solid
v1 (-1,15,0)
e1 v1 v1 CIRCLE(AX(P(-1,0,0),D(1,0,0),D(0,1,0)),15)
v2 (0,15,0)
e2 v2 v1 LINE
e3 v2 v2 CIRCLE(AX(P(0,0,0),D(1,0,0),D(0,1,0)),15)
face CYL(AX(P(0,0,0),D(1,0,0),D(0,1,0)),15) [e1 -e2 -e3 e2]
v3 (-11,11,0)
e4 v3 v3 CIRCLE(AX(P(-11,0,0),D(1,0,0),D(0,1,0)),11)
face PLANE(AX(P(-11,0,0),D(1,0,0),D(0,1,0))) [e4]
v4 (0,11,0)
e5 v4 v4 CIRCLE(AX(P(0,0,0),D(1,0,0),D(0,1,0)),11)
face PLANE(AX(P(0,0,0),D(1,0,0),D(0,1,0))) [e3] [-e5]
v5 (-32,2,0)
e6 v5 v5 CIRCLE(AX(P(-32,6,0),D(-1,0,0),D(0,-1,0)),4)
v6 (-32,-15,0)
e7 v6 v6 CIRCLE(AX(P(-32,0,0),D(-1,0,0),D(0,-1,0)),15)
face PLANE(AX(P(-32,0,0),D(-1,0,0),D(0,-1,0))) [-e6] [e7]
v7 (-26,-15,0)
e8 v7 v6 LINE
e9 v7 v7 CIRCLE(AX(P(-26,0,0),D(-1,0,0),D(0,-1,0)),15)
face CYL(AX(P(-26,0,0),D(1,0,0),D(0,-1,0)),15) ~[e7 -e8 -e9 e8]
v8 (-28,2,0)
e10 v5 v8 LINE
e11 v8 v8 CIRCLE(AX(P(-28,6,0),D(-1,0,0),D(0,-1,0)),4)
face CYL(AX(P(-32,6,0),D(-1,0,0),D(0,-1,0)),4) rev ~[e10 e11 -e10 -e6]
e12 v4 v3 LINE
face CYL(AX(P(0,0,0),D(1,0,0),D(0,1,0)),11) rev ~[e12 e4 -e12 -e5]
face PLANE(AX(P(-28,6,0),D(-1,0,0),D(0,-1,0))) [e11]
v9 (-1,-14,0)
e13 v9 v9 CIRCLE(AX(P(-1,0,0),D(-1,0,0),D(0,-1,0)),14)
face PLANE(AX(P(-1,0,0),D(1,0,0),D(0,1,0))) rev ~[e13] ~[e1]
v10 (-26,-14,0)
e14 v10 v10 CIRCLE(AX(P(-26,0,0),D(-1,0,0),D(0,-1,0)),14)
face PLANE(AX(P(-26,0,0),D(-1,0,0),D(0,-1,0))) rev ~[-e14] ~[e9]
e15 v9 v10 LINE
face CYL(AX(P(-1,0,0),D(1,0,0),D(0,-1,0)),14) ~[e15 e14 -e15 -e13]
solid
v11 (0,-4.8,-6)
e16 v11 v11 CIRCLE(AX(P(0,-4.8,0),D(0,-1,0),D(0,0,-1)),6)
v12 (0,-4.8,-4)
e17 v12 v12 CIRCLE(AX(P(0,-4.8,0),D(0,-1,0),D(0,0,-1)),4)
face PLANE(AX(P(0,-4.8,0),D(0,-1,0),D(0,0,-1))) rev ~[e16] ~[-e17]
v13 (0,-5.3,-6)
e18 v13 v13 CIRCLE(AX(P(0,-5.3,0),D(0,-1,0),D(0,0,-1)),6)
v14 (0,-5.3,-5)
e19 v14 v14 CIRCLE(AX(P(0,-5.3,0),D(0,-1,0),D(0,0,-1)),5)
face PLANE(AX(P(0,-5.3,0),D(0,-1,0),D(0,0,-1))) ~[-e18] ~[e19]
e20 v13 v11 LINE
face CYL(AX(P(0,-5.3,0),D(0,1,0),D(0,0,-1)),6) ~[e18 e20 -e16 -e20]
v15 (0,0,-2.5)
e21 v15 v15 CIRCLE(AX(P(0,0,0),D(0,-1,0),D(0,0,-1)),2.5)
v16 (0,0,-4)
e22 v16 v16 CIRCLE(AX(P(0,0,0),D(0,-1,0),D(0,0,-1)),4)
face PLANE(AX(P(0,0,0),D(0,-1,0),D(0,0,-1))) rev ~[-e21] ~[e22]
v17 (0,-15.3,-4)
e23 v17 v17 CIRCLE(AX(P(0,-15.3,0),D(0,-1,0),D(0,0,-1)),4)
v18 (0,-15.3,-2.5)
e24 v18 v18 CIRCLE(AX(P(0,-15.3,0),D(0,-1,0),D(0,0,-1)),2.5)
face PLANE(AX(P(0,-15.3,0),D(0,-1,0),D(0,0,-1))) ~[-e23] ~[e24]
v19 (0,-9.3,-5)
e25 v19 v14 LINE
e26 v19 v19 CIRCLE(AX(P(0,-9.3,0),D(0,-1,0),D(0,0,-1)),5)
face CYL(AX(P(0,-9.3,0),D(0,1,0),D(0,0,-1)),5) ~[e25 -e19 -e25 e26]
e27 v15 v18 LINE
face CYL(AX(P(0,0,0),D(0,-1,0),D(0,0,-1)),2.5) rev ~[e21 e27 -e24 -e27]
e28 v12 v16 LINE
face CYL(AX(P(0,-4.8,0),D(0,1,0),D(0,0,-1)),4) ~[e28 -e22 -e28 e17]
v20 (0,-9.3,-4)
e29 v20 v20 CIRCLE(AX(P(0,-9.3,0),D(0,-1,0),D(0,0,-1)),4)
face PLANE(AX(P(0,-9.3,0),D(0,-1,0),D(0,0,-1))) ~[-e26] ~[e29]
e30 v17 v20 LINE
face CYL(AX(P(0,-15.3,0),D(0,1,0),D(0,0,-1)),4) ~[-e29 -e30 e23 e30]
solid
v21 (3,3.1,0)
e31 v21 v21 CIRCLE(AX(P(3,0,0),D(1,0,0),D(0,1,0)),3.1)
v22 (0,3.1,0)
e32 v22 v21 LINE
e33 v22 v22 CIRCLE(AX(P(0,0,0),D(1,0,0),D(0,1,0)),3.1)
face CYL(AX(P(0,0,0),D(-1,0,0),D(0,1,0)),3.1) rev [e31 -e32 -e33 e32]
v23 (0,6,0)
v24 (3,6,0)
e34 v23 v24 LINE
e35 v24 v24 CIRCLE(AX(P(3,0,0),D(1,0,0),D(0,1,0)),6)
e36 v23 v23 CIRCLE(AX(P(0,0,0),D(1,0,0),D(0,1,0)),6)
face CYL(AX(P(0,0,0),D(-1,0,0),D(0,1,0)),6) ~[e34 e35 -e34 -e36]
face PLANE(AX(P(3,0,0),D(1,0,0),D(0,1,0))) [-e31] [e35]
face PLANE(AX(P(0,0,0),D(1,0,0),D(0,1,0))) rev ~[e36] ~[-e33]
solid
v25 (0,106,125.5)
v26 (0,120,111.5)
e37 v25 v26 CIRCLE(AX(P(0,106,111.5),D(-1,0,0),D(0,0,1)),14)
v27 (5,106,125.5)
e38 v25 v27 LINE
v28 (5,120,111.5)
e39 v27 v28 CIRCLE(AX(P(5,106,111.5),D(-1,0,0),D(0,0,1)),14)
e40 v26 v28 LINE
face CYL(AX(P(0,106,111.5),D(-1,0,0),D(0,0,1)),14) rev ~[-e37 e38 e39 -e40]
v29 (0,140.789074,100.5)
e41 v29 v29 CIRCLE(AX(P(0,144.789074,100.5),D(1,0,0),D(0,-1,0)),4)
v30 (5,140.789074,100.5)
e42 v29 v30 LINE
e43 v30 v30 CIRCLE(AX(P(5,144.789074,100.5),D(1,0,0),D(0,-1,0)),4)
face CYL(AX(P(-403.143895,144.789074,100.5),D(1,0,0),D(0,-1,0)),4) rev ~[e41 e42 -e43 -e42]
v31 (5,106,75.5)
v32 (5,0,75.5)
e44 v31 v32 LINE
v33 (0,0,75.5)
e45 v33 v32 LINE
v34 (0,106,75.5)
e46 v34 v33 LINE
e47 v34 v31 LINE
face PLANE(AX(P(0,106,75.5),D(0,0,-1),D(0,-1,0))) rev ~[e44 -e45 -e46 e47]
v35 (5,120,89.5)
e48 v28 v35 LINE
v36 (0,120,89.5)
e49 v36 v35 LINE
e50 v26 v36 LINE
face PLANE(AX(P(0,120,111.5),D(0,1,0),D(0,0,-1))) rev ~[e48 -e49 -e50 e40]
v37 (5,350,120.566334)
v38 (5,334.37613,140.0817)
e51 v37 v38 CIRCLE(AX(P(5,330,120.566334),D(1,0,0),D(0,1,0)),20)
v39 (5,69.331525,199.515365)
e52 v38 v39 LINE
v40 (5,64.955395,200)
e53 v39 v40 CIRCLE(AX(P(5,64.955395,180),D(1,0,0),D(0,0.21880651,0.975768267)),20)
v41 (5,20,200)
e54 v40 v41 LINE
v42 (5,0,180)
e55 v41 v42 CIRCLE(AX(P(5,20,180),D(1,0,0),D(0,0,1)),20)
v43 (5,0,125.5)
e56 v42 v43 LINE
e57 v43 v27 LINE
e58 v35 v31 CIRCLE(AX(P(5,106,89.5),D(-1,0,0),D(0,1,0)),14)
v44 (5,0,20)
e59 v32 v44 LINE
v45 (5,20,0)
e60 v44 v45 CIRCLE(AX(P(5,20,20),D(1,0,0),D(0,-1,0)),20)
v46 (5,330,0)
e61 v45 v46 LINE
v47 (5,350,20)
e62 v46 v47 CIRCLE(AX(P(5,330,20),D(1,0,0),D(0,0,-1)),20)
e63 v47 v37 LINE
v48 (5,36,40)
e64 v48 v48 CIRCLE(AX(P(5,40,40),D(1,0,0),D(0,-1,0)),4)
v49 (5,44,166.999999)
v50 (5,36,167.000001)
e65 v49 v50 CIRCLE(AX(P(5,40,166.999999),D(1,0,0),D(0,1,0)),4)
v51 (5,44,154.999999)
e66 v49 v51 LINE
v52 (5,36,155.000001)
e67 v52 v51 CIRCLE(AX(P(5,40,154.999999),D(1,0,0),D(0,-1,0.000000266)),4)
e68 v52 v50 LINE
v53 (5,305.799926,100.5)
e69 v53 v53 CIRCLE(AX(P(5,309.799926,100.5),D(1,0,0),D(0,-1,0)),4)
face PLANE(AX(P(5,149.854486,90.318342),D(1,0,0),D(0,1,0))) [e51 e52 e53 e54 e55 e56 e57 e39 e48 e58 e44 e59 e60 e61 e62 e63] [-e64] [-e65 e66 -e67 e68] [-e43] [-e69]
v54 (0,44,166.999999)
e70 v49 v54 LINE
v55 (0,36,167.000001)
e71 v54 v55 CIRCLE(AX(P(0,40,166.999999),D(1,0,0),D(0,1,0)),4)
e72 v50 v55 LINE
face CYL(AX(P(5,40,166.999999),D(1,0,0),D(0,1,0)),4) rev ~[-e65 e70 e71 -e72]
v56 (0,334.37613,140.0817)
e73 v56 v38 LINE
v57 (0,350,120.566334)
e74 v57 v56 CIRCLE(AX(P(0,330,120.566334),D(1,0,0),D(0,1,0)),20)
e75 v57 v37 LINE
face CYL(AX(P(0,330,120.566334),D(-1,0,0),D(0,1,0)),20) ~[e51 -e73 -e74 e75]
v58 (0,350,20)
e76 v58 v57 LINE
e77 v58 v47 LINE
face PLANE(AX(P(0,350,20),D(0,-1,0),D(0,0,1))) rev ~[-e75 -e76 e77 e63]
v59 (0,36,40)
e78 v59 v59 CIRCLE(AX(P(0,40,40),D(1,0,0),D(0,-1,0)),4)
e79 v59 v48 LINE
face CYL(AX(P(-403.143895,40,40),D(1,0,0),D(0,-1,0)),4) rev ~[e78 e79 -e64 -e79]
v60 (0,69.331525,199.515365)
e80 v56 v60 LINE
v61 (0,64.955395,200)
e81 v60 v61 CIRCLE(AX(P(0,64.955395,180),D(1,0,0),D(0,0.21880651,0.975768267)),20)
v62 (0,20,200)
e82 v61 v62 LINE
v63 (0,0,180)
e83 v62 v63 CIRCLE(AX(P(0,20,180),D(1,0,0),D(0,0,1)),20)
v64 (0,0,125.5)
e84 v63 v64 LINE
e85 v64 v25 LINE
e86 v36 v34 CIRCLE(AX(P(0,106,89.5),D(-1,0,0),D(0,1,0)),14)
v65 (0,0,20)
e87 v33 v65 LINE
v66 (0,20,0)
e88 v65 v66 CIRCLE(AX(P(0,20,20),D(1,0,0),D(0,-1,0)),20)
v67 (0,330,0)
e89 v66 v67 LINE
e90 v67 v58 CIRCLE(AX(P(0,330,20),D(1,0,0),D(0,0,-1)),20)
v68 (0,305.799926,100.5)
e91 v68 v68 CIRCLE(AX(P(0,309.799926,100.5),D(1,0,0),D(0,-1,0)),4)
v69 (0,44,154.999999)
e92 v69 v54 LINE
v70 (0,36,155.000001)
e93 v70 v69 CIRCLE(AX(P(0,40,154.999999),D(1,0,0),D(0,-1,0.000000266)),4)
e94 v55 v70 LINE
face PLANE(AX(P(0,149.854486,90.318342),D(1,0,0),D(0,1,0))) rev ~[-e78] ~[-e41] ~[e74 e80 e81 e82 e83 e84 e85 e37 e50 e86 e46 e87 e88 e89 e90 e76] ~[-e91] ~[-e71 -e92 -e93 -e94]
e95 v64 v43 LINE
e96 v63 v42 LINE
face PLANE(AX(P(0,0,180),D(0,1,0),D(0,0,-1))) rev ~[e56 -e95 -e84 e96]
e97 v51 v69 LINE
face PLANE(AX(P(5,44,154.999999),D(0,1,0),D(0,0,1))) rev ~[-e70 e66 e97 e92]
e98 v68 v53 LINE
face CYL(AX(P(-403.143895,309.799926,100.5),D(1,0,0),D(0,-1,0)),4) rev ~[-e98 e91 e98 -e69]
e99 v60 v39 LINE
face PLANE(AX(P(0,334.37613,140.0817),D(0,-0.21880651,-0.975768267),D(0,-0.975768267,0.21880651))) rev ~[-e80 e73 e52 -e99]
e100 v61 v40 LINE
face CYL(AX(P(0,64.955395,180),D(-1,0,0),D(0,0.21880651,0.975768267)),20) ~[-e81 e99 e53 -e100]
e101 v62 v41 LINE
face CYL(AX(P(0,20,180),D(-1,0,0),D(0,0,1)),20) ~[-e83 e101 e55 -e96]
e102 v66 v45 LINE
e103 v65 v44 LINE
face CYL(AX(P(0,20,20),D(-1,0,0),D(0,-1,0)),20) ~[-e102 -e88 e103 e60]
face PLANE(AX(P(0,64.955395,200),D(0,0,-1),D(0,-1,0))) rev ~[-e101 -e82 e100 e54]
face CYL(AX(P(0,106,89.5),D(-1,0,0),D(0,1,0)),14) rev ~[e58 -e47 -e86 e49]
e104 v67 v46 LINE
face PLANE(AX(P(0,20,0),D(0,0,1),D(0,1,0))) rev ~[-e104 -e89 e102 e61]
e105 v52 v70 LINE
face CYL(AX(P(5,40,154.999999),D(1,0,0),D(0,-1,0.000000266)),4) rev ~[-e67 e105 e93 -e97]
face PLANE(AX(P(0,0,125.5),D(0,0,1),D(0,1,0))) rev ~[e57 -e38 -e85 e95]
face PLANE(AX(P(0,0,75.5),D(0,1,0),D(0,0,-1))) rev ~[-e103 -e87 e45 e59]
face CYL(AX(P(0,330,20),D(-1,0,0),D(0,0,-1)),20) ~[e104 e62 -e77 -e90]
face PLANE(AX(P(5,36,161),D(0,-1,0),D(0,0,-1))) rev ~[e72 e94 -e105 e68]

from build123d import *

# Parameters (mm, degrees)
F1_DEPTH  = 5
F2_D      = 8
F4_DEPTH  = 5.001
F5_R      = 15
F6_DEPTH  = 1
F7_R      = 14
F8_DEPTH  = 25
F9_R      = 15
F9_R_2    = 14
F10_DEPTH = 6
F11_R     = 11
F12_DEPTH = 11
F13_R     = 4
F14_DEPTH = 4
F17_R     = 6
F17_R_2   = 3.1
F18_DEPTH = 3


with BuildPart() as f1:
    # F0 (on Right) → F1 (new body)
    with BuildSketch(Plane.YZ):
        with BuildLine():
            ThreePointArc((0, 20), (5.8578643763, 5.8578643763), (20, 0))
            Line((20, 0), (330, 0))
            ThreePointArc((330, 0), (344.1421356237, 5.8578643763), (350, 20))
            Line((350, 20), (350, 120.5663343317))
            ThreePointArc((350, 120.5663343317), (345.6128569451, 133.065882244), (334.3761301989, 140.081699675))
            Line((334.3761301989, 140.081699675), (69.3315253799, 199.5153653433))
            ThreePointArc((69.3315253799, 199.5153653433), (67.1568371101, 199.8784721101), (64.955395181, 200))
            Line((64.955395181, 200), (20, 200))
            ThreePointArc((20, 200), (5.8578643763, 194.1421356237), (0, 180))
            Line((0, 180), (0, 125.5))
            Line((0, 125.5), (106, 125.5))
            ThreePointArc((106, 125.5), (115.8994949366, 121.3994949366), (120, 111.5))
            Line((120, 111.5), (120, 89.5))
            ThreePointArc((120, 89.5), (115.8994949366, 79.6005050634), (106, 75.5))
            Line((106, 75.5), (0, 75.5))
            Line((0, 75.5), (0, 20))
        make_face()
    extrude(amount=F1_DEPTH)

    # F2 (through all)
    with Locations(Plane(origin=(0, 0, 0), x_dir=(0, 1, 0), z_dir=(-1, 0, 0))):
        with Locations((144.7890738579, -100.5), (309.799925871, -100.5), (40, -161), (40, -40)):
            Hole(F2_D / 2)

    # F3 (on face) → F4 (cut, through all)
    with BuildSketch(Plane.YZ.offset(5)):
        with BuildLine():
            ThreePointArc((36, 161), (40, 165), (44, 161))
            Line((44, 161), (44, 166.999999468))
            ThreePointArc((44, 166.999999468), (40.000000532, 170.999999468), (36, 167.000000532))
            Line((36, 167.000000532), (36, 161))
        make_face()
        with BuildLine():
            ThreePointArc((36, 155.000000532), (39.999999468, 150.999999468), (44, 154.999999468))
            Line((44, 154.999999468), (44, 161))
            ThreePointArc((44, 161), (40, 157), (36, 161))
            Line((36, 161), (36, 155.000000532))
        make_face()
    extrude(amount=-F4_DEPTH, mode=Mode.SUBTRACT)


with BuildPart() as f6:
    # F5 (on Right) → F6 (new body)
    with BuildSketch(Plane.YZ):
        Circle(F5_R)
    extrude(amount=-F6_DEPTH)

    # F7 (on face) → F8 (join)
    with BuildSketch(Plane(origin=(-1, 0, 0), x_dir=(0, -1, 0), z_dir=(-1, 0, 0))):
        Circle(F7_R)
    extrude(amount=F8_DEPTH)

    # F9 (on face) → F10 (join)
    with BuildSketch(Plane(origin=(-26, 0, 0), x_dir=(0, -1, 0), z_dir=(-1, 0, 0))):
        Circle(F9_R)
        Circle(F9_R_2, mode=Mode.SUBTRACT)
        Circle(F9_R_2)
    extrude(amount=F10_DEPTH)

    # F11 (on Right) → F12 (cut)
    with BuildSketch(Plane.YZ):
        Circle(F11_R)
    extrude(amount=-F12_DEPTH, mode=Mode.SUBTRACT)

    # F13 (on face) → F14 (cut)
    with BuildSketch(Plane(origin=(-32, 0, 0), x_dir=(0, -1, 0), z_dir=(-1, 0, 0))):
        with Locations((-6, 0)):
            Circle(F13_R)
    extrude(amount=-F14_DEPTH, mode=Mode.SUBTRACT)


with BuildPart() as f16:
    # F15 (on Right) → F16 (revolve)
    with BuildSketch(Plane.YZ):
        Polygon((0, -4), (0, -2.5), (-15.3, -2.5), (-15.3, -4), (-9.3, -4), (-9.3, -5), (-5.3, -5), (-5.3, -6), (-4.8, -6), (-4.8, -4), align=None)
    revolve(axis=Axis((0, -7.65, 0), (0, -1, 0)))


with BuildPart() as f18:
    # F17 (on Right) → F18 (new body)
    with BuildSketch(Plane.YZ):
        Circle(F17_R)
        Circle(F17_R_2, mode=Mode.SUBTRACT)
    extrude(amount=F18_DEPTH)


solid = Compound([f1.part, f6.part, f16.part, f18.part])
